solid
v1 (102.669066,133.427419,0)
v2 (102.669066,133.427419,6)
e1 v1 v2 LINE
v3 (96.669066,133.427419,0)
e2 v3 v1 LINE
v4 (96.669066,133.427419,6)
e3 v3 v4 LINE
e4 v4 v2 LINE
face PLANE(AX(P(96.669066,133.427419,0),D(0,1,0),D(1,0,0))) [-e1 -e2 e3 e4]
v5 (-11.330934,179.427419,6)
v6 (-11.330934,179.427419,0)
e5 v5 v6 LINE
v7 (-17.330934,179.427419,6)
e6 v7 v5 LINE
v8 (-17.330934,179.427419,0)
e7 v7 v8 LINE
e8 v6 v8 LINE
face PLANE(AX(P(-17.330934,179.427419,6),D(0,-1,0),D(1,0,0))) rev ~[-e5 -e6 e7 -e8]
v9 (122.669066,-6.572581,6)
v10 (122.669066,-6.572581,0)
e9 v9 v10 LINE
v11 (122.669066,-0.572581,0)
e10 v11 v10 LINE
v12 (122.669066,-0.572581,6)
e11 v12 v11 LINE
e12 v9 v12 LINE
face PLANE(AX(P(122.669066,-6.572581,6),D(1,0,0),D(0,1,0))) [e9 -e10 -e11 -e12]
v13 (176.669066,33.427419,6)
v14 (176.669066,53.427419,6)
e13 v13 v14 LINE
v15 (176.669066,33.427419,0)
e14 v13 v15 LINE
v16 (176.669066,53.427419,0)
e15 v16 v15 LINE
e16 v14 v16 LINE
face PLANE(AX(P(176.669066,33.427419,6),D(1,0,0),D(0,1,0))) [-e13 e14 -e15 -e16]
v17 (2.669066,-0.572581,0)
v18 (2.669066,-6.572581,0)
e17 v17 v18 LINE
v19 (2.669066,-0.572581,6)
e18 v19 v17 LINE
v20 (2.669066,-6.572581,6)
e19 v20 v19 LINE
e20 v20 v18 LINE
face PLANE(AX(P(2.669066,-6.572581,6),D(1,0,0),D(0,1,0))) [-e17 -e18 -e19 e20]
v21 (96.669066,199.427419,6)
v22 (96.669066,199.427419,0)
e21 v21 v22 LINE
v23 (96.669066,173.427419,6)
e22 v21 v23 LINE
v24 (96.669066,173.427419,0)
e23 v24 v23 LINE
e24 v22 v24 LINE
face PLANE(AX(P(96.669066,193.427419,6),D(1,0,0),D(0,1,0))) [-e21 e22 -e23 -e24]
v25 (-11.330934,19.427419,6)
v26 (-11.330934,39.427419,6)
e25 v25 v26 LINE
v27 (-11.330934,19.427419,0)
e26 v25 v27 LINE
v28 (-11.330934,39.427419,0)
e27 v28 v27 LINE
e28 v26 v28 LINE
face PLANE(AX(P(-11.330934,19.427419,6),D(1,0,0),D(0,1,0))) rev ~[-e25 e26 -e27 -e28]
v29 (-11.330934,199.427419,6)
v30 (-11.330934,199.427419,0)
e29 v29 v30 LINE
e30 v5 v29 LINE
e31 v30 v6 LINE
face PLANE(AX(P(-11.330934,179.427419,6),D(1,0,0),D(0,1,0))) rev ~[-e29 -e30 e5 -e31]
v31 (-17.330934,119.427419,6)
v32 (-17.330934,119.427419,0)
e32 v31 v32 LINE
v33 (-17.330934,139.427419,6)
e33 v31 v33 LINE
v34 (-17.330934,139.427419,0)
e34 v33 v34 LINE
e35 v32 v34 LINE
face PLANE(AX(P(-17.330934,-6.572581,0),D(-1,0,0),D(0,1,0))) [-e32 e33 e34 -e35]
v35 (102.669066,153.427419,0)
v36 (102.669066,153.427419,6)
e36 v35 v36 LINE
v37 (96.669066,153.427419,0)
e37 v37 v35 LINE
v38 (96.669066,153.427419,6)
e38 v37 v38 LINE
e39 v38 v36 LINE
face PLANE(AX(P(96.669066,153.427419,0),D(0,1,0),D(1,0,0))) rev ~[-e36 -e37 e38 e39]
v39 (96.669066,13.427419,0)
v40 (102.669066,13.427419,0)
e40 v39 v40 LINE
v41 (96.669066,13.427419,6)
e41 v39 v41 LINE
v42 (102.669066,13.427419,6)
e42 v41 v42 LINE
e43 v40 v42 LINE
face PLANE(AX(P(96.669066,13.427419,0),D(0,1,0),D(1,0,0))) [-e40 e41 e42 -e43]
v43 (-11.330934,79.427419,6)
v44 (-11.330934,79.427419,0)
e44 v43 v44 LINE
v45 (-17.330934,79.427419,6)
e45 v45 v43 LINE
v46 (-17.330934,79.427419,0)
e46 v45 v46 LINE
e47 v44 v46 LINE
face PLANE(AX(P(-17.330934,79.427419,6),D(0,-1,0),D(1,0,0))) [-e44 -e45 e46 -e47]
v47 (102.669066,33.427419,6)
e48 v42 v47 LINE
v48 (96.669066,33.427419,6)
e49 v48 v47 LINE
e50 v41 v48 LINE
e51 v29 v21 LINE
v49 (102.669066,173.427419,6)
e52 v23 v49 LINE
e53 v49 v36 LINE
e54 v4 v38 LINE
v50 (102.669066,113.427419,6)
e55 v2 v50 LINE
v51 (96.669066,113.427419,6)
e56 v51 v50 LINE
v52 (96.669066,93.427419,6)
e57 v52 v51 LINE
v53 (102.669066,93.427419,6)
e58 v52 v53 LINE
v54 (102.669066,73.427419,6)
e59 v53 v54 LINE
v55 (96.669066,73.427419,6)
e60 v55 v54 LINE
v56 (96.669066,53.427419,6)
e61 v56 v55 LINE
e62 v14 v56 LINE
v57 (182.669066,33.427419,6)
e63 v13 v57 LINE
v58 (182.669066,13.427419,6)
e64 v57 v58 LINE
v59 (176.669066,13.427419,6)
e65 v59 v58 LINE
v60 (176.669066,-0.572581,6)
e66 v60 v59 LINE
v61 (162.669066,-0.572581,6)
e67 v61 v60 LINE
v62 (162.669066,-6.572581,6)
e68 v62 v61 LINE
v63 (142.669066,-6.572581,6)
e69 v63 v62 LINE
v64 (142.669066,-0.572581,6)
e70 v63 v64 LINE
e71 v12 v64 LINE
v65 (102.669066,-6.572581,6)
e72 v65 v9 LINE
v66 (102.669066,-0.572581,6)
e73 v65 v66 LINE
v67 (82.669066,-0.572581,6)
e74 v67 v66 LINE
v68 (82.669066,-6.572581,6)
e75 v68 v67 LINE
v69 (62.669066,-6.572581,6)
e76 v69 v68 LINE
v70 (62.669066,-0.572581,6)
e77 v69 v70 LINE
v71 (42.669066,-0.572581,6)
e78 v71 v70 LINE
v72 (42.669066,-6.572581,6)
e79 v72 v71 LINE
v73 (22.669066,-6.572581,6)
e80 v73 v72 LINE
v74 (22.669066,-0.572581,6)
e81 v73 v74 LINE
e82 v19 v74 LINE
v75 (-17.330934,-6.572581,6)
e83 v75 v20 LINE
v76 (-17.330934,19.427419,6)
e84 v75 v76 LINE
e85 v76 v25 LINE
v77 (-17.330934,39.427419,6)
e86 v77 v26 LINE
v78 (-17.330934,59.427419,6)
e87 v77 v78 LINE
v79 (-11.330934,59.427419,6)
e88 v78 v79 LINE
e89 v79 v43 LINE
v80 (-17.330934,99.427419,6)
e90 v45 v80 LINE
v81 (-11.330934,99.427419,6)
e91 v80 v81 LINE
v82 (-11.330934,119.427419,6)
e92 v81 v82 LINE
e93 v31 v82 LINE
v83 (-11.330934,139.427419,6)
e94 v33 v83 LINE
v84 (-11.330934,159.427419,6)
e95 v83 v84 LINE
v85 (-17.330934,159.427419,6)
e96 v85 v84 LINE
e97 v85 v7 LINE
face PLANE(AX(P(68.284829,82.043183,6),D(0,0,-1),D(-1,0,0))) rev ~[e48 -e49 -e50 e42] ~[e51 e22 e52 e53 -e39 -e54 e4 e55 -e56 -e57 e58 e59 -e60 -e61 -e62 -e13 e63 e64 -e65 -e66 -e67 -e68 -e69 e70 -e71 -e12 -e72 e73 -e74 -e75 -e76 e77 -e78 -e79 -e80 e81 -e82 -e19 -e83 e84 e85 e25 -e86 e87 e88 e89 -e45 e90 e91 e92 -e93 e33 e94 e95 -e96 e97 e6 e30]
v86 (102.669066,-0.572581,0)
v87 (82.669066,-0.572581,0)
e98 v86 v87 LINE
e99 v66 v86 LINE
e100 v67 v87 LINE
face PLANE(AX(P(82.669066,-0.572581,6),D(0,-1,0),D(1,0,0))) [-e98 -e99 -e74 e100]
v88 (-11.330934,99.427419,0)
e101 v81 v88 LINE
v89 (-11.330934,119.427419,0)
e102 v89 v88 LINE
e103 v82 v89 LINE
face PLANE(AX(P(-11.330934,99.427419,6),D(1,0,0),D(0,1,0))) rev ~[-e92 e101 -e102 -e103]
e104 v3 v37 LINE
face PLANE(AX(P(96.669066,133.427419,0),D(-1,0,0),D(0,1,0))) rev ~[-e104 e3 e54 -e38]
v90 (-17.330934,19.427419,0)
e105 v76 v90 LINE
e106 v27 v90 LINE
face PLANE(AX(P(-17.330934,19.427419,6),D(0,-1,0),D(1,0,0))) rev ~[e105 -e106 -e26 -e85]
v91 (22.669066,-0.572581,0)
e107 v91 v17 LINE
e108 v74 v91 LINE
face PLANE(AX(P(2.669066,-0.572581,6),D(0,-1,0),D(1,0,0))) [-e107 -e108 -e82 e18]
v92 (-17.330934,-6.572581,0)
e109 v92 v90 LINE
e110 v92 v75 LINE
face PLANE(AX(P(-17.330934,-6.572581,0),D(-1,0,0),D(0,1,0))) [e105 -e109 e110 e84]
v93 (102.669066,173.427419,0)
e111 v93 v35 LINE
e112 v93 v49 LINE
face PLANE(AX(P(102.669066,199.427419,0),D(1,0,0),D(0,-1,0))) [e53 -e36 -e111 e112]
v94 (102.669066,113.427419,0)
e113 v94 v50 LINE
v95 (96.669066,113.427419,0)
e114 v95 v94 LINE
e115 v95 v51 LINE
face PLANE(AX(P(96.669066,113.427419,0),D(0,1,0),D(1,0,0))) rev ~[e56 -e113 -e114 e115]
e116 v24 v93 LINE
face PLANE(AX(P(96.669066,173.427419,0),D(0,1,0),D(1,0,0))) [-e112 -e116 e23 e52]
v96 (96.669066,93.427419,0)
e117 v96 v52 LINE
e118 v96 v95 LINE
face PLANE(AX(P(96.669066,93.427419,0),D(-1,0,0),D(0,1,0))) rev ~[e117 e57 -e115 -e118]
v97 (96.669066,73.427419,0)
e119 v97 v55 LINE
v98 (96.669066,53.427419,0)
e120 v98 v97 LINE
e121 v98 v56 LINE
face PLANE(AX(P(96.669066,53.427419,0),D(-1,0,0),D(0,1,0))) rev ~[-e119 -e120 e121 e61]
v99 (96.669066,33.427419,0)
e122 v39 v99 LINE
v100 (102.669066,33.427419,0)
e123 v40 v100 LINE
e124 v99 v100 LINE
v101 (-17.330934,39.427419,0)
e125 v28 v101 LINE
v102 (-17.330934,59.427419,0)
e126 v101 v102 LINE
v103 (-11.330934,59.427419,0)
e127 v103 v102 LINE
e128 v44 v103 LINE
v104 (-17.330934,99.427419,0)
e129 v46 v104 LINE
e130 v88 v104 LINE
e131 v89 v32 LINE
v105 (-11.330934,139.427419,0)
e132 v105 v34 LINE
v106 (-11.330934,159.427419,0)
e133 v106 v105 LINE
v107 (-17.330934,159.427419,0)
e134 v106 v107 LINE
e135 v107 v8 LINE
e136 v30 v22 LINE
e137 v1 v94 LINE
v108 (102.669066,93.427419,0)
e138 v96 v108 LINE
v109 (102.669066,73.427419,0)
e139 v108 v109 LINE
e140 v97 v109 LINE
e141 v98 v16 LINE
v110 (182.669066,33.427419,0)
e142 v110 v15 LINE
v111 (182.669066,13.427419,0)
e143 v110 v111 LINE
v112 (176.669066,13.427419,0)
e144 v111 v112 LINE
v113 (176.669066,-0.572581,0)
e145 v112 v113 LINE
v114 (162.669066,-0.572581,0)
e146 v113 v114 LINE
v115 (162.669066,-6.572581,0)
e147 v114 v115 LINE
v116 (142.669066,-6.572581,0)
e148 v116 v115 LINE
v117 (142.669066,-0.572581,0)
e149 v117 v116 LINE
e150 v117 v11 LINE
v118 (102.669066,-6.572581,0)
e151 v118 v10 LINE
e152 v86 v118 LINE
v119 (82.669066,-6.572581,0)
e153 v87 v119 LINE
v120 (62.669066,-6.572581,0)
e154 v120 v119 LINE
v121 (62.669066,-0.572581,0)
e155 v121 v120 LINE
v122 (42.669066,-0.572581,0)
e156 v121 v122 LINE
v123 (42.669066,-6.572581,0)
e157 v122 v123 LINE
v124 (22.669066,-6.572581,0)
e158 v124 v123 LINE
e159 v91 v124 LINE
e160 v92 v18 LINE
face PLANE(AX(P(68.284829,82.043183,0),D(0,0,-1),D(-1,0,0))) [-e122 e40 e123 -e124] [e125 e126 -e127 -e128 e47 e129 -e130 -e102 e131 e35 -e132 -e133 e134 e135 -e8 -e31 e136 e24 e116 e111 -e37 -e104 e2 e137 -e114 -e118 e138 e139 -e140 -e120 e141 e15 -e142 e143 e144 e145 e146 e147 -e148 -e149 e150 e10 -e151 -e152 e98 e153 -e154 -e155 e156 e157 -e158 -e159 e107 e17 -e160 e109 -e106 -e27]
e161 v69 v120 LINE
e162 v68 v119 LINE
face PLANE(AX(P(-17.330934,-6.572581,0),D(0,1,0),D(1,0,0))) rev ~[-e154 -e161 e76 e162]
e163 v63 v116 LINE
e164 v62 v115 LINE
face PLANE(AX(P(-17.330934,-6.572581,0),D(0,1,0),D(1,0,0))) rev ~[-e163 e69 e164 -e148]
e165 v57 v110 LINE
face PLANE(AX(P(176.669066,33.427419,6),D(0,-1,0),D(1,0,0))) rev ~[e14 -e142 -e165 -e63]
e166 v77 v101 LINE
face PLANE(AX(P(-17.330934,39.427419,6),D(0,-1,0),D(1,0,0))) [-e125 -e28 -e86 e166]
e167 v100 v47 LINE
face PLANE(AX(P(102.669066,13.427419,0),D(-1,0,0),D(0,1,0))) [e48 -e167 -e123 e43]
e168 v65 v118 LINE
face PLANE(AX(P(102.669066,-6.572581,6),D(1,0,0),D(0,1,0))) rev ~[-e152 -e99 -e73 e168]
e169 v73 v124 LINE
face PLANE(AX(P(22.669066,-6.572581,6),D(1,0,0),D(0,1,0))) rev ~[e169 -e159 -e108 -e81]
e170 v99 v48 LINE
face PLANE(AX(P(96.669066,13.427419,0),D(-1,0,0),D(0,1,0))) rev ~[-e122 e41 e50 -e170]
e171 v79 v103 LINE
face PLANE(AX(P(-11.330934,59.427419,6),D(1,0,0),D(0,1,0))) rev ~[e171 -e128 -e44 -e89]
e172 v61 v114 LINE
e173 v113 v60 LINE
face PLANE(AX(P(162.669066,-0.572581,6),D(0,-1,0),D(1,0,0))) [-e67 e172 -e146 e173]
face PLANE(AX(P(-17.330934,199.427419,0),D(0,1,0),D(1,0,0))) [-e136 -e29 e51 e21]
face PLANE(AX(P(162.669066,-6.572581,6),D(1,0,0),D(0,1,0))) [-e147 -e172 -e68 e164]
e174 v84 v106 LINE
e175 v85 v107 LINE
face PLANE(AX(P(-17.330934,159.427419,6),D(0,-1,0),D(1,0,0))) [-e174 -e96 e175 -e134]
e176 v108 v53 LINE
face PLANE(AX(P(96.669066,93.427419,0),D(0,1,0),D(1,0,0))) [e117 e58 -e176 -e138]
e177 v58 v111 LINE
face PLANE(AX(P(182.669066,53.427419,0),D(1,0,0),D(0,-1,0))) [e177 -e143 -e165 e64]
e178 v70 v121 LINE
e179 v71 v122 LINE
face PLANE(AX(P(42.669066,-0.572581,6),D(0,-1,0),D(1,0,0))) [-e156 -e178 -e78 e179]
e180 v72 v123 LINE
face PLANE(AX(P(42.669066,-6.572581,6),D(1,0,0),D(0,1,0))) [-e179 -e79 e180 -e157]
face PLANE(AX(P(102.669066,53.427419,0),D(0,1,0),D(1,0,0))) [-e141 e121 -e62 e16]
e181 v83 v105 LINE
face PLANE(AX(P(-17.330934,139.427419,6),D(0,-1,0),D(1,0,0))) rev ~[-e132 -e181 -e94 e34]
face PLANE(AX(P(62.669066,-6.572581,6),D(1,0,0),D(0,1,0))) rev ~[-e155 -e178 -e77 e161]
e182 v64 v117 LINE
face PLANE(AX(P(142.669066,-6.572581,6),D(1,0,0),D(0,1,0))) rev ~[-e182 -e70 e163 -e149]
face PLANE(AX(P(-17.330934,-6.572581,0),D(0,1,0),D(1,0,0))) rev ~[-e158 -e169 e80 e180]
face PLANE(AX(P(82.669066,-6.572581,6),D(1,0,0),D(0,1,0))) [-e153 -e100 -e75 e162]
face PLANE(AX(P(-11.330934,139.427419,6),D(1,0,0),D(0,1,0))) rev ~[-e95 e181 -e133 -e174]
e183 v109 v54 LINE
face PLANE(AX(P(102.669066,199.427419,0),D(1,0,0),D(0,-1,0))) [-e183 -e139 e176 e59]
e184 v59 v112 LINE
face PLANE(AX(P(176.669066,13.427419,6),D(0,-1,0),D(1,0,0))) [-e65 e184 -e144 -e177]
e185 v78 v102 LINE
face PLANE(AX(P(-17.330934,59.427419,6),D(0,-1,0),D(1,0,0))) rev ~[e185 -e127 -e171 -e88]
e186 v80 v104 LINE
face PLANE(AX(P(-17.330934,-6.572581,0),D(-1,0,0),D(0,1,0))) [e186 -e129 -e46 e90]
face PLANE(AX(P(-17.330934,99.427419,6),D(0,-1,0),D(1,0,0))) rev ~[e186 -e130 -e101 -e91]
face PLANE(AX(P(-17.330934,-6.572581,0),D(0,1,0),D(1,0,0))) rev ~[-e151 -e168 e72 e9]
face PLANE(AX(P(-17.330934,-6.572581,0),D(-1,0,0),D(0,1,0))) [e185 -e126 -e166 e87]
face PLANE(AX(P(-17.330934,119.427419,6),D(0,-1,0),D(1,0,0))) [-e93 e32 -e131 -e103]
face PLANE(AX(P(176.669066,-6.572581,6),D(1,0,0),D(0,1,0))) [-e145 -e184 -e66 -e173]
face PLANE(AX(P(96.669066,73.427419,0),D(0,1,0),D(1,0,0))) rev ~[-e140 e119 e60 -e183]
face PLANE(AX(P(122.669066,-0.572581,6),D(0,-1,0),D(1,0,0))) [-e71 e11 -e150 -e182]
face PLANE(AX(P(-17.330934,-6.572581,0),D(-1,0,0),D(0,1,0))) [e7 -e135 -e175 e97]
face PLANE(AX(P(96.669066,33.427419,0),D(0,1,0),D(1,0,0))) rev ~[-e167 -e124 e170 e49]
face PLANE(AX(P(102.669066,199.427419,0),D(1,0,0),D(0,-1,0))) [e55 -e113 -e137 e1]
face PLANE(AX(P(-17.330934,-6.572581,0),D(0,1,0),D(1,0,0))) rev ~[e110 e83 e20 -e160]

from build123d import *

# Parameters (mm, degrees)
BOSS_EXTRUDE1_DEPTH = 6
SKETCH2_W           = 20
SKETCH2_H           = 6
CUT_EXTRUDE1_DEPTH  = 7
LPATTERN1_COUNT     = 5
LPATTERN1_PITCH     = 40
SKETCH3_W           = 6
SKETCH3_H           = 20
CUT_EXTRUDE2_DEPTH  = 7
LPATTERN2_COUNT     = 5
LPATTERN2_PITCH     = 40
SKETCH4_W           = 6
SKETCH4_H           = 6
CUT_EXTRUDE3_DEPTH  = 10
SKETCH5_W           = 6
SKETCH5_H           = 20
CUT_EXTRUDE4_DEPTH  = 10
LPATTERN3_COUNT     = 2
LPATTERN3_PITCH     = 40
SKETCH7_W           = 6
SKETCH7_H           = 20
CUT_EXTRUDE5_DEPTH  = 10
LPATTERN4_COUNT     = 5
LPATTERN4_PITCH     = 40


with BuildPart() as part:
    # Sketch1 → Boss-Extrude1 (new body)
    with BuildSketch(Plane.XY):
        Polygon((-17.330934256, 199.427419355), (102.669065744, 199.427419355), (102.669065744, 53.427419355), (182.669065744, 53.427419355), (182.669065744, -6.572580645), (102.669065744, -6.572580645), (-17.330934256, -6.572580645), align=None)
    extrude(amount=BOSS_EXTRUDE1_DEPTH)

    # Sketch2 → Cut-Extrude1 (cut, through all)
    with BuildSketch(Plane.XY.offset(6)):
        with Locations((12.669065744, -3.572580645)):
            Rectangle(SKETCH2_W, SKETCH2_H)
    cut_extrude1 = extrude(amount=-CUT_EXTRUDE1_DEPTH, mode=Mode.SUBTRACT)

    # LPattern1: Cut-Extrude1 ×5
    with Locations(*[(i * LPATTERN1_PITCH, 0, 0) for i in range(1, LPATTERN1_COUNT)]):
        add(cut_extrude1, mode=Mode.SUBTRACT)

    # Sketch3 → Cut-Extrude2 (cut, through all)
    with BuildSketch(Plane.XY):
        with Locations((99.669065744, 23.427419355)):
            Rectangle(SKETCH3_W, SKETCH3_H)
    cut_extrude2 = extrude(amount=CUT_EXTRUDE2_DEPTH, mode=Mode.SUBTRACT)

    # LPattern2: Cut-Extrude2 ×5
    with Locations(*[(0, i * LPATTERN2_PITCH, 0) for i in range(1, LPATTERN2_COUNT)]):
        add(cut_extrude2, mode=Mode.SUBTRACT)

    # Sketch4 → Cut-Extrude3 (cut)
    with BuildSketch(Plane.XY.offset(6)):
        with Locations((99.669065744, 196.427419355)):
            Rectangle(SKETCH4_W, SKETCH4_H)
    extrude(amount=-CUT_EXTRUDE3_DEPTH, mode=Mode.SUBTRACT)

    # Sketch5 → Cut-Extrude4 (cut)
    with BuildSketch(Plane.XY.offset(6)):
        with Locations((179.669065744, 43.427419355)):
            Rectangle(SKETCH5_W, SKETCH5_H)
    cut_extrude4 = extrude(amount=-CUT_EXTRUDE4_DEPTH, mode=Mode.SUBTRACT)

    # LPattern3: Cut-Extrude4 ×2
    with Locations(*[(0, -i * LPATTERN3_PITCH, 0) for i in range(1, LPATTERN3_COUNT)]):
        add(cut_extrude4, mode=Mode.SUBTRACT)

    # Sketch7 → Cut-Extrude5 (cut)
    with BuildSketch(Plane.XY.offset(6)):
        with Locations((-14.330934256, 189.427419355)):
            Rectangle(SKETCH7_W, SKETCH7_H)
    cut_extrude5 = extrude(amount=-CUT_EXTRUDE5_DEPTH, mode=Mode.SUBTRACT)

    # LPattern4: Cut-Extrude5 ×5
    with Locations(*[(0, -i * LPATTERN4_PITCH, 0) for i in range(1, LPATTERN4_COUNT)]):
        add(cut_extrude5, mode=Mode.SUBTRACT)


solid = part.part
